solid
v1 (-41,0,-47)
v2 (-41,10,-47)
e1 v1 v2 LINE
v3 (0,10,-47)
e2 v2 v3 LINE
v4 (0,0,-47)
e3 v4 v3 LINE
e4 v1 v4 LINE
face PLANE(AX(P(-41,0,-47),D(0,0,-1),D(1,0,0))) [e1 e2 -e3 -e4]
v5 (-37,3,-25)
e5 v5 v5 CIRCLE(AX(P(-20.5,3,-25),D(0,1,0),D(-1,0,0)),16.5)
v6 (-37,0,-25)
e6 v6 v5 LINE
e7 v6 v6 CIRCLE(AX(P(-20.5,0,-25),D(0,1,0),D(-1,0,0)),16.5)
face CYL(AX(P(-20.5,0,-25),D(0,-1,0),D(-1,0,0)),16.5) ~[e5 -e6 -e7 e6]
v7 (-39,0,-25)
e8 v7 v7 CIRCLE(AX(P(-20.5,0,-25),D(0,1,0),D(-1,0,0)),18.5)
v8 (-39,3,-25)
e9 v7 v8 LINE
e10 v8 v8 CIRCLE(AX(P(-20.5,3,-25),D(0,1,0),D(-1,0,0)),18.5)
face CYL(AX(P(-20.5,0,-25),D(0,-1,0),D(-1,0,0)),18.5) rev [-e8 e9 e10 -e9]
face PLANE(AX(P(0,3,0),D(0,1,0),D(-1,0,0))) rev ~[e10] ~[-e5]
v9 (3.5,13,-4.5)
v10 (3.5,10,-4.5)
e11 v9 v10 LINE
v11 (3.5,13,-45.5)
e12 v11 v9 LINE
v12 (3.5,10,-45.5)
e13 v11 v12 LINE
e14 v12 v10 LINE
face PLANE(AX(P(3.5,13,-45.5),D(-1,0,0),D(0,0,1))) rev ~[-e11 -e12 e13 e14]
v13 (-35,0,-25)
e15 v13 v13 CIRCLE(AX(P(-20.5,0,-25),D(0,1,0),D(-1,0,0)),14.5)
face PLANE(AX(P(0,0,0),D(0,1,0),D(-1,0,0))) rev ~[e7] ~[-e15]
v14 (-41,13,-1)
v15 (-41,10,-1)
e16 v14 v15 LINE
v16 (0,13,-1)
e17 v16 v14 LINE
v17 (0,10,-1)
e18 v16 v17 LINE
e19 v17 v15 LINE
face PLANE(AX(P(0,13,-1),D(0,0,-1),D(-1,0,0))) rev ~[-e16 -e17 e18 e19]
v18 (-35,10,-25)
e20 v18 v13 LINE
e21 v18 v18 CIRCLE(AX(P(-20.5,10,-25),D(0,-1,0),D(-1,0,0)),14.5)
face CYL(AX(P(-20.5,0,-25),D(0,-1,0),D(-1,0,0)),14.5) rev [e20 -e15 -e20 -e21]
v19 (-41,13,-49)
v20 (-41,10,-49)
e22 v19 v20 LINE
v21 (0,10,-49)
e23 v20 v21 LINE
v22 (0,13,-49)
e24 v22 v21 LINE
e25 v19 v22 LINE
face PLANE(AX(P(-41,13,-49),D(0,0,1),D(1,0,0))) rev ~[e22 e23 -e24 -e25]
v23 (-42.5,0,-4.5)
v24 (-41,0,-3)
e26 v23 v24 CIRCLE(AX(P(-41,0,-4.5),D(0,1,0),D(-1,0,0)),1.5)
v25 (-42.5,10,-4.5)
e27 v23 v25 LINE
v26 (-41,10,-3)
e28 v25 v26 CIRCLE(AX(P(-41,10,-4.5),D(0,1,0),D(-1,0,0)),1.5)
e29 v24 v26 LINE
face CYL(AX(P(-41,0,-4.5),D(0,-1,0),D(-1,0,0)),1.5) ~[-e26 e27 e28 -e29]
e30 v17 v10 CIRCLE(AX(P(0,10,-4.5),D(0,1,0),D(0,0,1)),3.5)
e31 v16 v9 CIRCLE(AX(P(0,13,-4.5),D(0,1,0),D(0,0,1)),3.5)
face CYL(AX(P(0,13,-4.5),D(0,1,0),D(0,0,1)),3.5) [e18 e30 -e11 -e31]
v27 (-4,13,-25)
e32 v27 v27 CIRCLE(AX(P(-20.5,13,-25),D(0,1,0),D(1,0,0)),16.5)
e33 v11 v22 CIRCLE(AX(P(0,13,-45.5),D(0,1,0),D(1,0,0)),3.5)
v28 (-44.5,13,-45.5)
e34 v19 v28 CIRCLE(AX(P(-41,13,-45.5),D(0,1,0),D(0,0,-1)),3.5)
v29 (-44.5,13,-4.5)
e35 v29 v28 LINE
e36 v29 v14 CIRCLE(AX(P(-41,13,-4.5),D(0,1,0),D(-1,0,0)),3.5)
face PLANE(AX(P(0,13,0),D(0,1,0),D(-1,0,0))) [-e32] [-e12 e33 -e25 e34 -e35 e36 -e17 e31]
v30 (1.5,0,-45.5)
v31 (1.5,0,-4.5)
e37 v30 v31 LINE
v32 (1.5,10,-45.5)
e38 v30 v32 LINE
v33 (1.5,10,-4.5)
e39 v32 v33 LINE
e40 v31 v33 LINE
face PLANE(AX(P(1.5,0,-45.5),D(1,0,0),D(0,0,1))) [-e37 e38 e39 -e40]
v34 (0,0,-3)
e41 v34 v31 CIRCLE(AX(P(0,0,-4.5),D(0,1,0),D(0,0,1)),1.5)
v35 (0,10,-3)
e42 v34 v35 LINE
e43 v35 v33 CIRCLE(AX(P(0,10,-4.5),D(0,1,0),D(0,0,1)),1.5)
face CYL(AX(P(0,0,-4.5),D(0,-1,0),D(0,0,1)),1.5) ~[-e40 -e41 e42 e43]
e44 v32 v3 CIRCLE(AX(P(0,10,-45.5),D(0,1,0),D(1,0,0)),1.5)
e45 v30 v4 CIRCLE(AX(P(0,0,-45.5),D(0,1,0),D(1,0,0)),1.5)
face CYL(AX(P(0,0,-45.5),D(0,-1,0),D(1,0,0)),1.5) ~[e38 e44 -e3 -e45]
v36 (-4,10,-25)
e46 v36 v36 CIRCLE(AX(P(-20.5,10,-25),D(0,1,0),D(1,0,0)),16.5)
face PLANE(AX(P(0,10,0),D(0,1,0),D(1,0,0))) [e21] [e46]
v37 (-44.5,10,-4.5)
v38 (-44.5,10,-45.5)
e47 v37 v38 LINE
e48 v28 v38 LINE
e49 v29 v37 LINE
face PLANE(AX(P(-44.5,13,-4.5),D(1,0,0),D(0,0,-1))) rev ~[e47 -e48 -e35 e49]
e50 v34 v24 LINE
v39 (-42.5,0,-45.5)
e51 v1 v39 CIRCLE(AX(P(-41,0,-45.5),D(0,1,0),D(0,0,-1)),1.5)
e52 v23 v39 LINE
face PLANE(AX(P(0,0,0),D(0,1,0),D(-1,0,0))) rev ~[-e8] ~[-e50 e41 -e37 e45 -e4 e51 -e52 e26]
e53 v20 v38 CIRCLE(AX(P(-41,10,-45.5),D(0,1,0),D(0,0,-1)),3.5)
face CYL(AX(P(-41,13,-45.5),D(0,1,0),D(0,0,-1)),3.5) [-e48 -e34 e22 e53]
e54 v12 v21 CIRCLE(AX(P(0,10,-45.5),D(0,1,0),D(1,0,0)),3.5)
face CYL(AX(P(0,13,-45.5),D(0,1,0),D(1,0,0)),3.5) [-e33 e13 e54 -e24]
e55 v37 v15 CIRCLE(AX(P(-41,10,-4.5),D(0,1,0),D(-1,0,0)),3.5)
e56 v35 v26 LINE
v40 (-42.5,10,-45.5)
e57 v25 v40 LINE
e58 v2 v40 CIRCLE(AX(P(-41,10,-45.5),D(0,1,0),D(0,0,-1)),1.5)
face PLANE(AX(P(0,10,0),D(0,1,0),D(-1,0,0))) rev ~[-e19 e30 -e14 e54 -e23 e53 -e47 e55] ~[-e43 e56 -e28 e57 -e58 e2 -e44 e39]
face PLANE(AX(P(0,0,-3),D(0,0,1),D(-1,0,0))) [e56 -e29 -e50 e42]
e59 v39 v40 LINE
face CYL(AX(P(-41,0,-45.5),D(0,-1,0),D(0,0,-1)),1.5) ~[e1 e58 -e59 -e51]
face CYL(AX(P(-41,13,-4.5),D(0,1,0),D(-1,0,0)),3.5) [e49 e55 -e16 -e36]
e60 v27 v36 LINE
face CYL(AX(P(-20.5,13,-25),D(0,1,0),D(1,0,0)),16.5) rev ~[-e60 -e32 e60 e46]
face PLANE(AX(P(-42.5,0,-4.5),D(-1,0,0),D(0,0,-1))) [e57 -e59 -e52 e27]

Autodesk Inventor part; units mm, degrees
ref_plane "YZ Plane" through (0, 0, 0) normal (1, 0, 0) x (0, 1, 0)
ref_plane "XZ Plane" through (0, 0, 0) normal (0, 1, 0) x (-1, 0, 0)
ref_plane "XY Plane" through (0, 0, 0) normal (0, 0, 1) x (1, 0, 0)
sketch "Эскиз1" plane through (0, 0, 0) normal (0, 1, 0) x (-1, 0, 0)
  arc A0 (41, -50) -> (45.5, -45.5) centre (41, -45.5) ccw
  line L0 (0, -50) -> (41, -50)
  arc A1 (-4.5, -45.5) -> (0, -50) centre (0, -45.5) ccw
  line L1 (-4.5, -4.5) -> (-4.5, -45.5)
  arc A2 (0, 0) -> (-4.5, -4.5) centre (0, -4.5) ccw
  line L2 (-1.5, -45.5) -> (-1.5, -4.5)
  arc A3 (0, -3) -> (-1.5, -4.5) centre (0, -4.5) ccw
  line L3 (0, -3) -> (41, -3)
  line L4 (41, 0) -> (0, 0)
  arc A4 (45.5, -4.5) -> (41, 0) centre (41, -4.5) ccw
  line L5 (45.5, -45.5) -> (45.5, -4.5)
  line L6 (42.5, -4.5) -> (42.5, -45.5)
  arc A5 (42.5, -4.5) -> (41, -3) centre (41, -4.5) ccw
  line L7 (41, -47) -> (0, -47)
  arc A6 (41, -47) -> (42.5, -45.5) centre (41, -45.5) ccw
  arc A7 (-1.5, -45.5) -> (0, -47) centre (0, -45.5) ccw
  circle A8 centre (20.5, -25) radius 18.5
  circle A9 centre (20.5, -25) radius 16.5
  circle A10 centre (20.5, -25) radius 14.5
  circle A11 centre (20.5, -25) radius 13.5
  point P0 (11.5, -30)
extrude "Выдавливание1" add sketch "Эскиз1" along normal blind 10 contours L2 A3 L3 A5 L6 A6 L7 A7 | A8 | A9 | A10 | A11
extrude "Выдавливание2" cut sketch "Эскиз1" along normal blind 3 contours A8 | A10
extrude "Выдавливание3" cut sketch "Эскиз1" along normal blind 14.75 contours A10 | A11
extrude "Выдавливание4" add sketch "Эскиз1" along normal blind 13 contours L0 A1 L1 A2 L4 A4 L5 A0
extrude "Выдавливание5" add sketch "Эскиз1" along normal blind 13 contours L2 A3 L3 A5 L6 A6 L7 A7 | A8 | A9 | A10 | A11
extrude "Выдавливание6" cut sketch "Эскиз1" along normal blind 10 contours L0 A1 L1 A2 L4 A4 L5 A0
extrude "Выдавливание7" cut sketch "Эскиз1" along normal blind 3 contours A8 | A10
extrude "Выдавливание8" cut sketch "Эскиз1" along normal blind 15 contours A10 | A11
sketch "Эскиз2" plane through (0, 13, 0) normal (0, 1, 0) x (1, 0, 0)
  circle A0 centre (-20.5, 25) radius 14.5 projected
  line L0 (-45.5, 45.5) -> (-45.5, 4.5) projected
  arc A1 (-45.5, 4.5) -> (-41, 0) centre (-41, 4.5) ccw projected
  line L1 (-41, 0) -> (0, 0) projected
  arc A2 (0, 0) -> (4.5, 4.5) centre (0, 4.5) ccw projected
  line L2 (4.5, 4.5) -> (4.5, 45.5) projected
  arc A3 (4.5, 45.5) -> (0, 50) centre (0, 45.5) ccw projected
  line L3 (0, 50) -> (-41, 50) projected
  arc A4 (-41, 50) -> (-45.5, 45.5) centre (-41, 45.5) ccw projected
  circle A5 centre (-20.5, 25) radius 16.5
extrude "Выдавливание9" cut sketch "Эскиз2" against normal blind 3 contours A5
sketch "Эскиз3" plane through (0, 13, 0) normal (0, 1, 0) x (1, 0, 0)
  circle A0 centre (-20.5, 25) radius 16.5 projected
  line L0 (-45.5, 45.5) -> (-45.5, 4.5) projected
  arc A1 (-45.5, 4.5) -> (-41, 0) centre (-41, 4.5) ccw projected
  line L1 (-41, 0) -> (0, 0) projected
  arc A2 (0, 0) -> (4.5, 4.5) centre (0, 4.5) ccw projected
  line L2 (4.5, 4.5) -> (4.5, 45.5) projected
  arc A3 (4.5, 45.5) -> (0, 50) centre (0, 45.5) ccw projected
  line L3 (0, 50) -> (-41, 50) projected
  arc A4 (-41, 50) -> (-45.5, 45.5) centre (-41, 45.5) ccw projected
  line L4 (-41, 49) -> (0, 49)
  arc A5 (3.5, 45.5) -> (0, 49) centre (0, 45.5) ccw
  line L5 (3.5, 45.5) -> (3.5, 4.5)
  arc A6 (0, 1) -> (3.5, 4.5) centre (0, 4.5) ccw
  line L6 (0, 1) -> (-41, 1)
  arc A7 (-44.5, 4.5) -> (-41, 1) centre (-41, 4.5) ccw
  line L7 (-44.5, 4.5) -> (-44.5, 45.5)
  arc A8 (-41, 49) -> (-44.5, 45.5) centre (-41, 45.5) ccw
  dimension "d18" = 1
extrude "Выдавливание10" cut sketch "Эскиз3" against normal blind 3 contours A4 L3 A3 L2 A2 L1 A1 L0
properties part number "Cap_top" material "Стекло, литое, серое"
